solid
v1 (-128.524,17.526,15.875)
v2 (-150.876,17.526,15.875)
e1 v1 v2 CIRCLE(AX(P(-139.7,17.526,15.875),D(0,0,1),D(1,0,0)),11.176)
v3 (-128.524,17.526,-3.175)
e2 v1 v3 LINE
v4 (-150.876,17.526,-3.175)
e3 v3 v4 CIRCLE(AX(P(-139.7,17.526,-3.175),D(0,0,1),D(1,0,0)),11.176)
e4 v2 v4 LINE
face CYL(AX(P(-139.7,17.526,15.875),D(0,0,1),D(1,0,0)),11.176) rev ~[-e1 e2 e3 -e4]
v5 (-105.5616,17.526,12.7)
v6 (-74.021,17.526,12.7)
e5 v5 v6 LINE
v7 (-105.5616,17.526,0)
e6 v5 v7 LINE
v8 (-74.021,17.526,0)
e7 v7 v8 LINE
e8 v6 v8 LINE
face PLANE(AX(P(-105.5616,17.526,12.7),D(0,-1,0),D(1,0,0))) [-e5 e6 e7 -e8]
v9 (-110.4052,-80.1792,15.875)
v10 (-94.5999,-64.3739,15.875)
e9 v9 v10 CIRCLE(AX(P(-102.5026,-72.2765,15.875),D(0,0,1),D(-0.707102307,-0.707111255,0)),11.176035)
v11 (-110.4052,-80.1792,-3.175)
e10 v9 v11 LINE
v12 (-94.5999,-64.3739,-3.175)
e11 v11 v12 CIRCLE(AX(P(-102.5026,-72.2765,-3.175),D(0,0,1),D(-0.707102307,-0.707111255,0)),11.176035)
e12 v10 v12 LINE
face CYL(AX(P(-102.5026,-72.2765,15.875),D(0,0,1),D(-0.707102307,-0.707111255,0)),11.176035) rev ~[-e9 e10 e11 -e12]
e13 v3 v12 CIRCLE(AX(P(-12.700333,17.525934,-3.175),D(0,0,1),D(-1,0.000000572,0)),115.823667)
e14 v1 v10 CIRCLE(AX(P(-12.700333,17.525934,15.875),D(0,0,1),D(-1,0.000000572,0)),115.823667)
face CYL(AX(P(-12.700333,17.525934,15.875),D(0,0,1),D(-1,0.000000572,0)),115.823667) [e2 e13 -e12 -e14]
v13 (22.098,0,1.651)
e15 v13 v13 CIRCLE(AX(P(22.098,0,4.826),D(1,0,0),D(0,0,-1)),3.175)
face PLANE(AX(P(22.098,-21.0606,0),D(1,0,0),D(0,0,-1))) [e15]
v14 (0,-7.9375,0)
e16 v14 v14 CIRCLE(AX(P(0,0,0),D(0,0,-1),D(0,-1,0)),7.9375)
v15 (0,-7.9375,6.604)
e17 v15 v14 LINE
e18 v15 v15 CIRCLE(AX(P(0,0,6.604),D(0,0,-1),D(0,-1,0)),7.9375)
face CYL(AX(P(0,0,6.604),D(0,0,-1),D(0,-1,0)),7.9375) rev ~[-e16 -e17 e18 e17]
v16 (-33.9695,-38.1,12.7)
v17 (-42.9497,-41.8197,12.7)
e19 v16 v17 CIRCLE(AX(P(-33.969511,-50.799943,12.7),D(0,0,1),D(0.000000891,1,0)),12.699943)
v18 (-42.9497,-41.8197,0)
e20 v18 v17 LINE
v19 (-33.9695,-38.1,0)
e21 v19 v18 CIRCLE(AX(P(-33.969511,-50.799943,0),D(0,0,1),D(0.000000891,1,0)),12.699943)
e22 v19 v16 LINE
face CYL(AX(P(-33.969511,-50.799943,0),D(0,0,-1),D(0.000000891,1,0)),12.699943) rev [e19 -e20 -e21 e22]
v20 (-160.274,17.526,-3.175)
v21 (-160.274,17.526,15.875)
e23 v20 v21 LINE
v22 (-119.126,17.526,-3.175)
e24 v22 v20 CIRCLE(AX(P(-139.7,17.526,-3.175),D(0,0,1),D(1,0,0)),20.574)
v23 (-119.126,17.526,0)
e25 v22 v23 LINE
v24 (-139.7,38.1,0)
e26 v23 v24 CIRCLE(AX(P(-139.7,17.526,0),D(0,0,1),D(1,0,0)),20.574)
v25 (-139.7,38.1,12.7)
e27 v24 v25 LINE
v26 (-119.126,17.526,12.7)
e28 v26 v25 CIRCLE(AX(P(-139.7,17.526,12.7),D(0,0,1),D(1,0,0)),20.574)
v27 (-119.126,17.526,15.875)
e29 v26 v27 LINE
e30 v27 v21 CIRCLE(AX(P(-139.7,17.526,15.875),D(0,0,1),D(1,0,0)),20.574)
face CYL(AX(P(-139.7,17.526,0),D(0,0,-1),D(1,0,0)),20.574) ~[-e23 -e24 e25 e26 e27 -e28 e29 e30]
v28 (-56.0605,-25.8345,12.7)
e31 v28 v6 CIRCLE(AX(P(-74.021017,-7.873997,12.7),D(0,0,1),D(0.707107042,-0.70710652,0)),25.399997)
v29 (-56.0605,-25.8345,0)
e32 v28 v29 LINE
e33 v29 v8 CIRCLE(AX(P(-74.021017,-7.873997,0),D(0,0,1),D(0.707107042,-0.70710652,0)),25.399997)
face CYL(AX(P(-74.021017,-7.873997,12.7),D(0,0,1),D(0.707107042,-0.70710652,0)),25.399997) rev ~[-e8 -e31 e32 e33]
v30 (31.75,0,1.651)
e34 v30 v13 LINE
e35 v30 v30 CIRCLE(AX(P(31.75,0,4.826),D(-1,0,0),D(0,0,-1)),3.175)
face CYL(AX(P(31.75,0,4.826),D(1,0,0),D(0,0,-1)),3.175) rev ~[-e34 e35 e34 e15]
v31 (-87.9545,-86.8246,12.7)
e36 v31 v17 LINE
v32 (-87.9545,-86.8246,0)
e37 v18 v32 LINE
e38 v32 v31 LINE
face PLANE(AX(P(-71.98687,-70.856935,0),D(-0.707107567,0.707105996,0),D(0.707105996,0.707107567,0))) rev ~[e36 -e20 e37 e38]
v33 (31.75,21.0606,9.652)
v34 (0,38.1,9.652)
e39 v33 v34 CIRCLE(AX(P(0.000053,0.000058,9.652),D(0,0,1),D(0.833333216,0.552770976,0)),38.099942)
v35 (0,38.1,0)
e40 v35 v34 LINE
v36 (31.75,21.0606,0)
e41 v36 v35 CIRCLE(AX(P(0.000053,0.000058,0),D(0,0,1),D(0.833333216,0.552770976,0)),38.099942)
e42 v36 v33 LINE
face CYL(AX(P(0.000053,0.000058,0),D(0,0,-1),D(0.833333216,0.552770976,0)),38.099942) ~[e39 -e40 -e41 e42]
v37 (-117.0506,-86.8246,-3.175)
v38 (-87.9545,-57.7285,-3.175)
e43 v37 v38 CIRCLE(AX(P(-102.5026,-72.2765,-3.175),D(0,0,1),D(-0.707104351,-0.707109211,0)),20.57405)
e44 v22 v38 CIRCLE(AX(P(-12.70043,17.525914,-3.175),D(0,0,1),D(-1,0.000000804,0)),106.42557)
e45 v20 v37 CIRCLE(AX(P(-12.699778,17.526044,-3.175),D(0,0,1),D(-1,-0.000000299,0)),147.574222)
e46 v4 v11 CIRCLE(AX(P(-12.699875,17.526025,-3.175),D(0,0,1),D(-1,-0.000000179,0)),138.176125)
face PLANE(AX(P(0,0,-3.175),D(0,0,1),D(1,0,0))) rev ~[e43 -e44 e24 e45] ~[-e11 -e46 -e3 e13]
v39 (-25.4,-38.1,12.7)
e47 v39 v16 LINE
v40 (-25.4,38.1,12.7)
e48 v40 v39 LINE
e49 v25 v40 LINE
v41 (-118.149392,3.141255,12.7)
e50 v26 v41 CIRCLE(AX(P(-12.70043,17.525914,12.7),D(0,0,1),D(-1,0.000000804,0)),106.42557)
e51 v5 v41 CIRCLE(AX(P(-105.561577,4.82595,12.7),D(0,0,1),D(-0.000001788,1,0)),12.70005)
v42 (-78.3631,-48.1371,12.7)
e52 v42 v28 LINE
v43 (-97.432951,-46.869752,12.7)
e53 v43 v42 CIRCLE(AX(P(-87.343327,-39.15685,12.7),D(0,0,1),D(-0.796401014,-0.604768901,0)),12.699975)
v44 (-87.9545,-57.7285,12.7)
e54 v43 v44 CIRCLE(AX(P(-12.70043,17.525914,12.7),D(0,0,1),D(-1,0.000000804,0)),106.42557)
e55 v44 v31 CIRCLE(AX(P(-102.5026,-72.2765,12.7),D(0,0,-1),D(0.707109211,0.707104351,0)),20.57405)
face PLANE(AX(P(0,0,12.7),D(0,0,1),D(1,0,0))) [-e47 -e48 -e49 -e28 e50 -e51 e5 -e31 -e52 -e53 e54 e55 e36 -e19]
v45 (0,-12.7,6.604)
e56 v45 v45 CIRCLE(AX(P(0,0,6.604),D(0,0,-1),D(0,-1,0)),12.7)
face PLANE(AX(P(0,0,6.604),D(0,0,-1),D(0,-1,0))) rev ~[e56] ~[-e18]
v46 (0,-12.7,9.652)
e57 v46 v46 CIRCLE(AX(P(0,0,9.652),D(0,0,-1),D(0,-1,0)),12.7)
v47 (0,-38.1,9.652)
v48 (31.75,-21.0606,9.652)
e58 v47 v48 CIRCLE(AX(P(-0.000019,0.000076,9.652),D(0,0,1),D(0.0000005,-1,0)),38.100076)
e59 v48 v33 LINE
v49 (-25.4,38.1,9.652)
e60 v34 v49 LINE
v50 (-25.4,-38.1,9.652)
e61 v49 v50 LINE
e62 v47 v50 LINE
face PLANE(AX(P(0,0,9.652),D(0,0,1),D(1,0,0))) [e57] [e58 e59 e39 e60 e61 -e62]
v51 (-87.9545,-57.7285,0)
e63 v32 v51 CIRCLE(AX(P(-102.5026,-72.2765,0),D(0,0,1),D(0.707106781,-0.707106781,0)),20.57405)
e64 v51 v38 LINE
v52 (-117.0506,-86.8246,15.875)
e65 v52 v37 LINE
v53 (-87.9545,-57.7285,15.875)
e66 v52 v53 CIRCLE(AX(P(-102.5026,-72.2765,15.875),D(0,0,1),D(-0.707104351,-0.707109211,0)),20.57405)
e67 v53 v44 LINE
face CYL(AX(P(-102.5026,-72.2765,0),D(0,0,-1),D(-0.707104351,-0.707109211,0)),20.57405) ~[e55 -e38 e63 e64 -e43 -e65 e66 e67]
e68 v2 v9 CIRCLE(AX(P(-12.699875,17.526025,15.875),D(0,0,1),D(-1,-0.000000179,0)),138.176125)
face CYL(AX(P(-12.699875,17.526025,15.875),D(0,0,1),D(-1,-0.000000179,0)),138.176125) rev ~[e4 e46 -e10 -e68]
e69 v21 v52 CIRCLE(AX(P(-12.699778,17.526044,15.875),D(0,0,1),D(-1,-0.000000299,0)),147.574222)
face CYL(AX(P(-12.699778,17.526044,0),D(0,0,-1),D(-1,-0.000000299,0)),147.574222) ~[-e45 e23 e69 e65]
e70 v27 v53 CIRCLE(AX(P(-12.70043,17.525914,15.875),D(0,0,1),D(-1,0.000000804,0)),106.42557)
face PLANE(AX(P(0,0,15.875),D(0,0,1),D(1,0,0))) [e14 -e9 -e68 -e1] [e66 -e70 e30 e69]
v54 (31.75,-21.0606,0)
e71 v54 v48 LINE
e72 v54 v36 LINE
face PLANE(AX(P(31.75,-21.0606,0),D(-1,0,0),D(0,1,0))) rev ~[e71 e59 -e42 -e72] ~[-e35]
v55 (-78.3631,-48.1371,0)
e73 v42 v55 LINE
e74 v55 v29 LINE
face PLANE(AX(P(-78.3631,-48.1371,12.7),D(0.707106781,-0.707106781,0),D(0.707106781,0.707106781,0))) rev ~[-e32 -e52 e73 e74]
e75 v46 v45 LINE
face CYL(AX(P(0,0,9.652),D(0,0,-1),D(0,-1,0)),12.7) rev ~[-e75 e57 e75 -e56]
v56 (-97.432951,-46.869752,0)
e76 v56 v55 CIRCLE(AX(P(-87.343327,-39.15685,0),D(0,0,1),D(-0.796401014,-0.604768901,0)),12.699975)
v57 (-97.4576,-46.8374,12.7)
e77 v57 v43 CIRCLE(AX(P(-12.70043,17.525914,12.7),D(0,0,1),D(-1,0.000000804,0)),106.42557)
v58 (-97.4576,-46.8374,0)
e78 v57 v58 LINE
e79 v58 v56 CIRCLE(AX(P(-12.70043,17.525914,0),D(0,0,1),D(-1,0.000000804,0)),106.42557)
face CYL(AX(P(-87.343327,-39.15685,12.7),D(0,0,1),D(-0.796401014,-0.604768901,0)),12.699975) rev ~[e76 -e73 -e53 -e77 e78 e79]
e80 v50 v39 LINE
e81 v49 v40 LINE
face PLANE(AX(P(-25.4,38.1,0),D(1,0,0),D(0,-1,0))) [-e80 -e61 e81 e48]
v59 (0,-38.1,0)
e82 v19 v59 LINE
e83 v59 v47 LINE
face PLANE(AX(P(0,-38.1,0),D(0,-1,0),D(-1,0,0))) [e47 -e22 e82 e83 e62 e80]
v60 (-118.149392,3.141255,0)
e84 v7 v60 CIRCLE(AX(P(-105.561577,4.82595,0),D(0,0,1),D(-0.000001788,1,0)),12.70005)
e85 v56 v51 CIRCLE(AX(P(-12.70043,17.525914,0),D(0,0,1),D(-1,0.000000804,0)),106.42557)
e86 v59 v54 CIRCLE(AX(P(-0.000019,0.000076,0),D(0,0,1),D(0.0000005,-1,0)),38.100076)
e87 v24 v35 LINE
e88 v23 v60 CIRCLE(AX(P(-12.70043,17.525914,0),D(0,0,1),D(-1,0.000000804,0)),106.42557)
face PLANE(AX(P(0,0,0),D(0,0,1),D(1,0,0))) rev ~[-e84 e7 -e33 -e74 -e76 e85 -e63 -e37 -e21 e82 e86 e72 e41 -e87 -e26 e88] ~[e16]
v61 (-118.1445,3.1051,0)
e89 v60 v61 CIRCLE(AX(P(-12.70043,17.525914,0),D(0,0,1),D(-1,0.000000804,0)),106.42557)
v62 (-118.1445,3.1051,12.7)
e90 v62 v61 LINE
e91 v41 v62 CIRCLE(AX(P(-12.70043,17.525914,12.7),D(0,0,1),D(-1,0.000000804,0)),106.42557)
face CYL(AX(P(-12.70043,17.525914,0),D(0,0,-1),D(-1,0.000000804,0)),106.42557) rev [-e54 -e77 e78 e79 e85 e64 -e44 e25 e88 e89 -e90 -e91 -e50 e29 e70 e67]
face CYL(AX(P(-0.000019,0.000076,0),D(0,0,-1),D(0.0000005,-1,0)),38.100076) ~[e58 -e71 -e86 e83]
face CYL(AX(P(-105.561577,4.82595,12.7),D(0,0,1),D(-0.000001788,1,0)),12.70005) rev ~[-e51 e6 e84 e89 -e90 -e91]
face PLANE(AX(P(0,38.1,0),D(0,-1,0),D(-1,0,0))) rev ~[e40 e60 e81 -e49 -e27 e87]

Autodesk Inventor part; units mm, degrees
sketch "Boceto1" plane through (0, 0, 0) normal (0, 0, 1) x (1, 0, 0)
  line L0 (-37.2583, 0) -> (45.75, 0) construction
  line L1 (0, -58.9269) -> (0, 58.9269) construction
  line L2 (31.75, -21.0606) -> (31.75, 21.0606)
  line L3 (0, 38.1) -> (-25.4, 38.1)
  line L4 (0, -38.1) -> (-25.4, -38.1)
  arc A0 (31.75, 21.0606) -> (0, 38.1) centre (0, 0) ccw
  arc A1 (0, -38.1) -> (31.75, -21.0606) centre (0, 0) ccw
  line L5 (-25.4, 38.1) -> (-25.4, -38.1)
  dimension "d2" = 31.75
  dimension "d3" = 25.4
extrude "Cabezal" add sketch "Boceto1" along normal blind 9.652
sketch "Boceto3" plane through (0, 0, 9.652) normal (0, 0, 1) x (1, 0, 0)
  point P0 (0, 0)
  point P1 (0, 0)
hole "Broca y barreno" at (0, 0, 9.652) direction (0, 0, -1) diameter 15.875 end through all counterbore diameter 25.4 counterbore depth 3.048
sketch "Boceto4" plane through (0, 0, 0) normal (0, 0, 1) x (1, 0, 0)
  line L0 (-36.83, 0) -> (43.18, 0) construction
  line L1 (0, -53.34) -> (0, 53.34) construction
  line L2 (-12.7, 17.526) -> (-227.4102, 17.526) construction
  arc A0 (-119.126, 17.526) -> (-160.274, 17.526) centre (-139.7, 17.526) ccw
  line L3 (-12.7, 17.526) -> (-138.4236, -108.1976) construction
  line L4 (-12.7, 17.526) -> (165.1, 17.526) construction
  arc A1 (-117.0506, -86.8246) -> (-87.9545, -57.7285) centre (-102.5026, -72.2766) ccw
  arc A2 (-160.274, 17.526) -> (-117.0506, -86.8246) centre (-12.7, 17.526) ccw
  arc A3 (-119.126, 17.526) -> (-87.9545, -57.7285) centre (-12.7, 17.526) ccw
  line L5 (-25.4, 38.1) -> (-25.4, -38.1) projected
  point P0 (0, 0)
  dimension "d14" = 17.526
  dimension "d15" = 12.7
  dimension "d19" = 41.148
  dimension "d21" = 135
  dimension "d22" = 41.148
  dimension "d25" = 12.7
extrude "Mango" add sketch "Boceto4" along normal blind 15.875 and the other way blind 3.175
sketch "Boceto8" plane through (31.75, -21.0606, 0) normal (1, 0, 0) x (0, 0, -1)
  circle A0 centre (-4.826, 21.0606) radius 3.175
  line L0 (-9.652, 0) -> (-9.652, 42.1211) construction
  line L1 (0, 0) -> (-9.652, 0) construction
  line L2 (0, 42.1211) -> (-9.652, 42.1211) construction
  line L3 (-6.604, 33.7606) -> (-6.604, 8.3606) projected
  line L4 (-6.604, 28.9981) -> (-6.604, 13.1231) projected
  point P0 (0, 21.0606)
  dimension "d36" = 6.35
  dimension "d37" = 4.826
  dimension "d38" = 42.1211
  dimension "d39" = 21.0606
extrude "AgujeroLateral" cut sketch "Boceto8" against normal blind 9.652
sketch "Boceto9" plane through (0, 0, 0) normal (0, 0, 1) x (1, 0, 0)
  arc A0 (-160.274, 17.526) -> (-119.126, 17.526) centre (-139.7, 17.526) ccw projected
  line L0 (-25.4, 38.1) -> (-25.4, -38.1) projected
  line L1 (-139.7, 38.1) -> (-25.4, 38.1)
  arc A1 (-119.126, 17.526) -> (-160.274, 17.526) centre (-139.7, 17.526) ccw projected
  line L2 (-25.4, -38.1) -> (0, -38.1) projected
  line L3 (-25.4, 38.1) -> (-25.4, -38.1)
  line L4 (-25.4, -38.1) -> (-33.9695, -38.1)
  arc A2 (-87.9545, -57.7285) -> (-117.0506, -86.8246) centre (-102.5026, -72.2766) ccw projected
  arc A3 (-160.274, 17.526) -> (-117.0506, -86.8246) centre (-12.7, 17.526) ccw projected
  arc A4 (-117.0506, -86.8246) -> (-87.9545, -57.7285) centre (-102.5026, -72.2766) ccw projected
  arc A5 (-119.126, 17.526) -> (-87.9545, -57.7285) centre (-12.7, 17.526) ccw projected
  arc A6 (-119.126, 17.526) -> (-160.274, 17.526) centre (-139.7, 17.526) ccw projected
  line L5 (10.5292, 11.6592) -> (185.2985, 11.6592) construction
  arc A7 (-117.0506, -86.8246) -> (-87.9545, -57.7285) centre (-102.5026, -72.2766) ccw construction
  line L6 (-87.9545, -86.8246) -> (-42.9497, -41.8197)
  line L7 (-139.7, 17.526) -> (0, 17.526) construction
  line L8 (0, 17.526) -> (-119.126, -101.6) construction
  arc A8 (-33.9695, -38.1) -> (-42.9497, -41.8197) centre (-33.9695, -50.8) ccw
  line L9 (-25.4, 38.1) -> (-25.4, -38.1)
  arc A9 (-87.9545, -57.7285) -> (-119.126, 17.526) centre (-12.7, 17.526) ccw projected
  arc A10 (-119.126, 17.526) -> (-87.9545, -57.7285) centre (-12.7, 17.526) ccw
  circle A11 centre (-139.7, 17.526) radius 20.574
  circle A12 centre (-102.5026, -72.2766) radius 20.574
  point P0 (0, 0)
  point P1 (-87.9545, -57.7285)
  point P2 (-119.126, 17.526)
  dimension "d47" = 45
  dimension "d48" = 12.7
extrude "BloqueCentral" add sketch "Boceto9" along normal blind 12.7 contours A9 L1 L0 L4 A8 L6 A5 | A1 L1 A9 | A9 L6 A4
sketch "Boceto10" plane through (0, 0, 15.875) normal (0, 0, 1) x (1, 0, 0)
  arc A0 (-160.274, 17.526) -> (-117.0506, -86.8246) centre (-12.7, 17.526) ccw construction
  arc A1 (-117.0506, -86.8246) -> (-87.9545, -57.7285) centre (-102.5026, -72.2766) ccw construction
  arc A2 (-119.126, 17.526) -> (-87.9545, -57.7285) centre (-12.7, 17.526) ccw construction
  arc A3 (-119.126, 17.526) -> (-160.274, 17.526) centre (-139.7, 17.526) ccw construction
  arc A4 (-150.876, 17.526) -> (-110.4052, -80.1792) centre (-12.7, 17.526) ccw
  arc A5 (-110.4052, -80.1792) -> (-94.5999, -64.3739) centre (-102.5026, -72.2766) ccw
  arc A6 (-128.524, 17.526) -> (-94.5999, -64.3739) centre (-12.7, 17.526) ccw
  arc A7 (-128.524, 17.526) -> (-150.876, 17.526) centre (-139.7, 17.526) ccw
  point P0 (0, 0)
  dimension "d52" = 22.352
extrude "HuecoMango" cut sketch "Boceto10" against normal blind 22.352
sketch "Boceto11" plane through (0, 0, 12.7) normal (0, 0, 1) x (1, 0, 0)
  arc A0 (-105.5616, 17.526) -> (-118.1445, 3.1051) centre (-105.5616, 4.826) ccw
  arc A1 (-97.4576, -46.8374) -> (-78.3631, -48.1371) centre (-87.3433, -39.1568) ccw
  arc A2 (-56.0605, -25.8345) -> (-74.021, 17.526) centre (-74.021, -7.874) ccw
  arc A3 (-128.524, 17.526) -> (-150.876, 17.526) centre (-139.7, 17.526) ccw construction
  arc A4 (-128.524, 17.526) -> (-94.5999, -64.3739) centre (-12.7, 17.526) ccw construction
  arc A5 (-110.4052, -80.1792) -> (-94.5999, -64.3739) centre (-102.5026, -72.2766) ccw construction
  arc A6 (-150.876, 17.526) -> (-110.4052, -80.1792) centre (-12.7, 17.526) ccw construction
  arc A7 (-119.126, 17.526) -> (-160.274, 17.526) centre (-139.7, 17.526) ccw construction
  arc A8 (-160.274, 17.526) -> (-117.0506, -86.8246) centre (-12.7, 17.526) ccw construction
  arc A9 (-117.0506, -86.8246) -> (-87.9545, -57.7285) centre (-102.5026, -72.2766) ccw construction
  arc A10 (-119.126, 17.526) -> (-87.9545, -57.7285) centre (-12.7, 17.526) ccw construction
  line L0 (-139.7, 17.526) -> (-12.7, 17.526) construction
  line L1 (-12.7, 17.526) -> (-102.5026, -72.2766) construction
  arc A11 (-119.126, 17.526) -> (-87.9545, -57.7285) centre (-12.7, 17.526) ccw projected
  line L2 (-150.876, 17.526) -> (-150.876, 17.526)
  line L3 (-110.0905, -79.8645) -> (-110.4052, -80.1792)
  line L4 (-78.3631, -48.1371) -> (-56.0605, -25.8345)
  line L5 (-105.5616, 17.526) -> (-74.021, 17.526)
  arc A12 (-118.1445, 3.1051) -> (-97.4576, -46.8374) centre (-12.7, 17.526) ccw
  line L6 (-87.9545, -86.8246) -> (-42.9497, -41.8197) projected
  line L7 (-25.4, 38.1) -> (-139.7, 38.1) projected
  point P0 (0, 0)
  dimension "d57" = 25.4
  dimension "d58" = 25.4
  dimension "d59" = 50.8
  dimension "d60" = 20.574
  dimension "d61" = 20.574
extrude "HuecoCentral" cut sketch "Boceto11" against normal blind 12.7
equation "\"d39\" = 0.5 * d38"
properties part number "Pieza2A01209499"
